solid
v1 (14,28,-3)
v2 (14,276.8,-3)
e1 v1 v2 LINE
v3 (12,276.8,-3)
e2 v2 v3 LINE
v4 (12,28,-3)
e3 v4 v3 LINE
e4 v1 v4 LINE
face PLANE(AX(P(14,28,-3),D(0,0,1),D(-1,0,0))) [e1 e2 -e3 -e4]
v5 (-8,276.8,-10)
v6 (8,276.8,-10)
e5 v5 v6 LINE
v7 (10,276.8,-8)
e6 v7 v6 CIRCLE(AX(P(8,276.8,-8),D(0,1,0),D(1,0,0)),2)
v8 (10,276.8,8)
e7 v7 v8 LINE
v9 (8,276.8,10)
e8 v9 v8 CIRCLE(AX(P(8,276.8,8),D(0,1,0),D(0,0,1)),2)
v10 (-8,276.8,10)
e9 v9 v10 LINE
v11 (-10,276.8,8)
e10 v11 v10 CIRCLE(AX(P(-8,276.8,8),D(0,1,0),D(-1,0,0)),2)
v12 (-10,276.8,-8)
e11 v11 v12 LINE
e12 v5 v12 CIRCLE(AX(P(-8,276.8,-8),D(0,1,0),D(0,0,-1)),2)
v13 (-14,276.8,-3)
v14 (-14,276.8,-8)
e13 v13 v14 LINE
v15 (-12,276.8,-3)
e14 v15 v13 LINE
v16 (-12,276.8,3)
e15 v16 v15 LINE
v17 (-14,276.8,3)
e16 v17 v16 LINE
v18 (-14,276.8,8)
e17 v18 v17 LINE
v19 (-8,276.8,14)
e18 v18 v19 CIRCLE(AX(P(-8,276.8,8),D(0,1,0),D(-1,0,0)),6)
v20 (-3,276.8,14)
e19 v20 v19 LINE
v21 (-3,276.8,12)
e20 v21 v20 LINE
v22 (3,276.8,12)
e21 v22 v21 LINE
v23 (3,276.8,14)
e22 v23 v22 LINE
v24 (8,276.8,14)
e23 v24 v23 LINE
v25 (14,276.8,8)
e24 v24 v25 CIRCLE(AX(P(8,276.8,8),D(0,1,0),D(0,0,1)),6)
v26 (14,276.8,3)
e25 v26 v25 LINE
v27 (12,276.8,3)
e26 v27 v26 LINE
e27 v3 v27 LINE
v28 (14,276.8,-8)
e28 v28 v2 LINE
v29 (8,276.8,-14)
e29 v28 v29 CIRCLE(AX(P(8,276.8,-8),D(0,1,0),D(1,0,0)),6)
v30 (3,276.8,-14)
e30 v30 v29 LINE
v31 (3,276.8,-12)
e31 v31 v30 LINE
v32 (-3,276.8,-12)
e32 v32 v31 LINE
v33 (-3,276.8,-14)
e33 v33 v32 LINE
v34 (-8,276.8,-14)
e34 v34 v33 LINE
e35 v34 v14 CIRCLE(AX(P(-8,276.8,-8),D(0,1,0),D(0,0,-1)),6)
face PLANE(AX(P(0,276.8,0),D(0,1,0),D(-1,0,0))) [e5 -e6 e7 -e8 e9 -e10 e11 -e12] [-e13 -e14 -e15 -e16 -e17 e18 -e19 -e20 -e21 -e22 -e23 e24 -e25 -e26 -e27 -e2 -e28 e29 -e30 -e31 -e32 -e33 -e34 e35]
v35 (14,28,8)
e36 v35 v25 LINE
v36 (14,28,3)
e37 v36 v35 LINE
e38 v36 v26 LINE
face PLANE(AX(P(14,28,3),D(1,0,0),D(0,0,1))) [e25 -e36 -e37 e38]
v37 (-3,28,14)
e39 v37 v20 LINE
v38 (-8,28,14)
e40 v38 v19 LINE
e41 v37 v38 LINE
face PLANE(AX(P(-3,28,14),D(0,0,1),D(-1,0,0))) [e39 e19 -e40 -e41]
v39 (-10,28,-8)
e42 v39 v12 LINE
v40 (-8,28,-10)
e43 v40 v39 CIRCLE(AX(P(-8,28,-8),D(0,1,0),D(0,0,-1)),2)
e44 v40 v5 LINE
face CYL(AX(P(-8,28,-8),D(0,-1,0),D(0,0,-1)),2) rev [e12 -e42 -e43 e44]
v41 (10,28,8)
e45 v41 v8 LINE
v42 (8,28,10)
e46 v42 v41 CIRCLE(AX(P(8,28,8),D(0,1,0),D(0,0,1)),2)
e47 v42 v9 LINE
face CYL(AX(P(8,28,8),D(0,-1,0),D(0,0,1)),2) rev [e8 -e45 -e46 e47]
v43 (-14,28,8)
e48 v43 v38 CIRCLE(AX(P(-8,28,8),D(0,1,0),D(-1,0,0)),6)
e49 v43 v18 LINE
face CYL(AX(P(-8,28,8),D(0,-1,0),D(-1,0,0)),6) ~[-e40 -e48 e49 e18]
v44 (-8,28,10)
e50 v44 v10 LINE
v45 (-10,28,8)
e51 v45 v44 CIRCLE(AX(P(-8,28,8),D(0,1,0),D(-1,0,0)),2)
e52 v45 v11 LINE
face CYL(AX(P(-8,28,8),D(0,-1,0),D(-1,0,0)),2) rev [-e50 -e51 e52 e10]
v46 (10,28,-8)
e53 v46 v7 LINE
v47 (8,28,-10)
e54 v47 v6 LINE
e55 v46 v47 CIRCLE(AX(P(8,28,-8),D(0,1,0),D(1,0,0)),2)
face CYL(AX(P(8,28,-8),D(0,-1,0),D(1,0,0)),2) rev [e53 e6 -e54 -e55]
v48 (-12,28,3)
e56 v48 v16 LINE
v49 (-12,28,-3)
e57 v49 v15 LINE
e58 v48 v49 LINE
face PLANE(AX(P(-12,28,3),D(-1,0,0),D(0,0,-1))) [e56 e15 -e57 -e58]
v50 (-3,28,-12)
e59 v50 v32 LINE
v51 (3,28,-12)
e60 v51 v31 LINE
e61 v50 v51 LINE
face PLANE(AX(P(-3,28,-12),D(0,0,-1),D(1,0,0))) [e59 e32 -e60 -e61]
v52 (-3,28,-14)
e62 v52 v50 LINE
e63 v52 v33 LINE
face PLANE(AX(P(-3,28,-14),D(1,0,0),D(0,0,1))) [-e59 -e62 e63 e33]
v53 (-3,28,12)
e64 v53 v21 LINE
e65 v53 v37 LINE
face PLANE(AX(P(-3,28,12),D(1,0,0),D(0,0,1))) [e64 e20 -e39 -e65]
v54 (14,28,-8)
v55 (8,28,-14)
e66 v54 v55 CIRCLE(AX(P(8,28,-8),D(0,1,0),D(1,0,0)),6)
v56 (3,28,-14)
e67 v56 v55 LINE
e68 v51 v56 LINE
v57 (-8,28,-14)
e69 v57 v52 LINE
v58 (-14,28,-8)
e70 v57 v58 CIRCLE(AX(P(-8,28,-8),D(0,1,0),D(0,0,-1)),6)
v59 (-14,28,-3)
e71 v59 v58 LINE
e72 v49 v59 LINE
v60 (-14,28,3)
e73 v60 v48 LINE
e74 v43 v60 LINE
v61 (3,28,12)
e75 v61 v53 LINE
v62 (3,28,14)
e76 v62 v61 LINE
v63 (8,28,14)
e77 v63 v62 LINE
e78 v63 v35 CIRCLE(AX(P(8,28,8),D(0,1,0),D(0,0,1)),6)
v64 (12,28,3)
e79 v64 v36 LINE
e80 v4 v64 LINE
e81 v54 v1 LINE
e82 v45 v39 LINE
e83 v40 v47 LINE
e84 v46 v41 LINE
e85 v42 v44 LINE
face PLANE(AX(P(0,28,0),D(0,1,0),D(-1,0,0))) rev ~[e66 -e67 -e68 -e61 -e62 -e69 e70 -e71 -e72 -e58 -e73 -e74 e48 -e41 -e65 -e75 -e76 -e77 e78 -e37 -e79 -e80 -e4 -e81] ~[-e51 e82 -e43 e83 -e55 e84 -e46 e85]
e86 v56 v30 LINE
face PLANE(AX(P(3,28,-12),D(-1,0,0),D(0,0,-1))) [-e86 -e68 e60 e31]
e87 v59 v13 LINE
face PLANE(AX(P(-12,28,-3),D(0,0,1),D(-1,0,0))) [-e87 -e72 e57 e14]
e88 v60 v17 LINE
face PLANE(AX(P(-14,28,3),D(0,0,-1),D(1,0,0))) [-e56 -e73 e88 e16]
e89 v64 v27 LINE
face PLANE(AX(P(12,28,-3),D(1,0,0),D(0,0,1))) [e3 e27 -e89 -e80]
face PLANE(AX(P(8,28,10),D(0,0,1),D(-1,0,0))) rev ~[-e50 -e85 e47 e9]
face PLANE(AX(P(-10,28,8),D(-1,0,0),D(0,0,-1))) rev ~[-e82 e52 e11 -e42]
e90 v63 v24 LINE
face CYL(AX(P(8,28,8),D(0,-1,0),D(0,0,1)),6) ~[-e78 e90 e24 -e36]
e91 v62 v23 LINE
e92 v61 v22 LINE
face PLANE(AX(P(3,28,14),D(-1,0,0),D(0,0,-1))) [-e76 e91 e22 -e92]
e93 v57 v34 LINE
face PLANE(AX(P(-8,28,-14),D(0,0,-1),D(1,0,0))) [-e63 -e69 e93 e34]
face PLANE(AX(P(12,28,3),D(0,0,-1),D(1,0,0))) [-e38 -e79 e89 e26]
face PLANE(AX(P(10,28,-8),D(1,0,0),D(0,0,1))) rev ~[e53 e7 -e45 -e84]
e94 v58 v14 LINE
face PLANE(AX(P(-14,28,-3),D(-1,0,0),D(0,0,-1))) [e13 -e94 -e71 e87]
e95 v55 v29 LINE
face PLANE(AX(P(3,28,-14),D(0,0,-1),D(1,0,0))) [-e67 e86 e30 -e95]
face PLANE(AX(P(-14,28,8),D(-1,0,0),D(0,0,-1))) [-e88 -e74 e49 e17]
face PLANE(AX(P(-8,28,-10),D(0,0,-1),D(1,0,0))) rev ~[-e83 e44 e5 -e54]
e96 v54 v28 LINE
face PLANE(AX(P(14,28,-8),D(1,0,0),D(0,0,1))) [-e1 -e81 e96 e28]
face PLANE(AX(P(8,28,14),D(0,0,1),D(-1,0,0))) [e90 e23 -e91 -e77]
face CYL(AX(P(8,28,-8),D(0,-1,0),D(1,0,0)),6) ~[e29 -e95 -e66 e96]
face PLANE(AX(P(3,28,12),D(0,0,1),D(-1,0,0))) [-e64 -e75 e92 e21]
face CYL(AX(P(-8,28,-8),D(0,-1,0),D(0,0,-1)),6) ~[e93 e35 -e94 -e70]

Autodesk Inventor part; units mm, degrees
ref_plane "Start Plane" through (0, 28, 0) normal (0, 1, 0) x (-1, 0, 0)
ref_plane "End Plane" through (0, 276.8, 0) normal (0, 1, 0) x (-1, 0, 0)
sketch "Sketch" plane through (0, 0, 0) normal (0, 1, 0) x (-1, 0, 0)
  line L0 (8, -10) -> (-8, -10)
  line L1 (-10, -8) -> (-10, 8)
  line L2 (-8, 10) -> (8, 10)
  line L3 (10, 8) -> (10, -8)
  line L4 (10, -10) -> (-10, 10) construction
  line L5 (-10, -10) -> (10, 10) construction
  line L6 (14, -14) -> (-14, 14) construction
  line L7 (-14, -14) -> (14, 14) construction
  arc A0 (8, -10) -> (10, -8) centre (8, -8) ccw
  arc A1 (-10, -8) -> (-8, -10) centre (-8, -8) ccw
  arc A2 (-8, 10) -> (-10, 8) centre (-8, 8) ccw
  arc A3 (10, 8) -> (8, 10) centre (8, 8) ccw
  arc A4 (8, -14) -> (14, -8) centre (8, -8) ccw
  arc A5 (-14, -8) -> (-8, -14) centre (-8, -8) ccw
  arc A6 (-8, 14) -> (-14, 8) centre (-8, 8) ccw
  arc A7 (14, 8) -> (8, 14) centre (8, 8) ccw
  line L8 (3, -14) -> (3, -12)
  line L9 (3, -12) -> (-3, -12)
  line L10 (-3, -12) -> (-3, -14)
  line L11 (-14, -3) -> (-12, -3)
  line L12 (-12, -3) -> (-12, 3)
  line L13 (-12, 3) -> (-14, 3)
  line L14 (-3, 14) -> (-3, 12)
  line L15 (-3, 12) -> (3, 12)
  line L16 (3, 12) -> (3, 14)
  line L17 (14, 3) -> (12, 3)
  line L18 (12, 3) -> (12, -3)
  line L19 (12, -3) -> (14, -3)
  line L20 (0, -10) -> (0, -12) construction
  line L21 (-10, 0) -> (-12, 0) construction
  line L22 (0, 10) -> (0, 12) construction
  line L23 (10, 0) -> (12, 0) construction
  line L24 (14, 8) -> (14, 3)
  line L25 (14, -3) -> (14, -8)
  line L26 (8, -14) -> (3, -14)
  line L27 (-3, -14) -> (-8, -14)
  line L28 (-14, -8) -> (-14, -3)
  line L29 (-14, 3) -> (-14, 8)
  line L30 (-8, 14) -> (-3, 14)
  line L31 (3, 14) -> (8, 14)
  point P0 (0, 0)
  dimension "d1" = 20
  dimension "d2" = 2
  dimension "d3" = 6
  dimension "d4" = 20
  dimension "d5" = 6
  dimension "d6" = 2
  dimension "d8" = 28
extrude "Body" add sketch "Sketch" along normal up to surface (248.8 mm away) from surface at 28
sketch "Sketch2" plane through (0, 0, 0) normal (0, 1, 0) x (-1, 0, 0)
  line L0 (0, 0) -> (10, 0)
ref_plane "Work Plane3" through (0, 0, 0) normal (0, 0, -1) x (-1, 0, 0)
sketch "Sketch3" plane through (0, 0, 0) normal (0, 0, -1) x (-1, 0, 0)
  line L0 (-2, 28) -> (12, 28) construction
  line L1 (-2, 276.8) -> (12, 276.8) construction
  dimension "d16" = 248.8
ref_plane "Work Plane4" through (8, 276.8, 14) normal (0, 1, 0) x (1, 0, 0)
split "Split1" plane through (8, 276.8, 14) removes the side toward (0, 1, 0)
ref_plane "Work Plane5" through (-3, 28, -290.8) normal (0, -1, 0) x (1, 0, 0)
split "Split2" plane through (-3, 28, -290.8) removes the side toward (0, -1, 0)
equation "\"G_OFFSET_START\" = -28"
equation "\"G_OFFSET_END\" = -28"
equation "\"d11\" = -G_OFFSET_START"
equation "\"d12\" = Length + G_OFFSET_END"
equation "\"G_L\" = d16"
equation "\"Length\" = 304.8"
properties part number "CE-5.2.2-PR" material "Steel, Mild"
